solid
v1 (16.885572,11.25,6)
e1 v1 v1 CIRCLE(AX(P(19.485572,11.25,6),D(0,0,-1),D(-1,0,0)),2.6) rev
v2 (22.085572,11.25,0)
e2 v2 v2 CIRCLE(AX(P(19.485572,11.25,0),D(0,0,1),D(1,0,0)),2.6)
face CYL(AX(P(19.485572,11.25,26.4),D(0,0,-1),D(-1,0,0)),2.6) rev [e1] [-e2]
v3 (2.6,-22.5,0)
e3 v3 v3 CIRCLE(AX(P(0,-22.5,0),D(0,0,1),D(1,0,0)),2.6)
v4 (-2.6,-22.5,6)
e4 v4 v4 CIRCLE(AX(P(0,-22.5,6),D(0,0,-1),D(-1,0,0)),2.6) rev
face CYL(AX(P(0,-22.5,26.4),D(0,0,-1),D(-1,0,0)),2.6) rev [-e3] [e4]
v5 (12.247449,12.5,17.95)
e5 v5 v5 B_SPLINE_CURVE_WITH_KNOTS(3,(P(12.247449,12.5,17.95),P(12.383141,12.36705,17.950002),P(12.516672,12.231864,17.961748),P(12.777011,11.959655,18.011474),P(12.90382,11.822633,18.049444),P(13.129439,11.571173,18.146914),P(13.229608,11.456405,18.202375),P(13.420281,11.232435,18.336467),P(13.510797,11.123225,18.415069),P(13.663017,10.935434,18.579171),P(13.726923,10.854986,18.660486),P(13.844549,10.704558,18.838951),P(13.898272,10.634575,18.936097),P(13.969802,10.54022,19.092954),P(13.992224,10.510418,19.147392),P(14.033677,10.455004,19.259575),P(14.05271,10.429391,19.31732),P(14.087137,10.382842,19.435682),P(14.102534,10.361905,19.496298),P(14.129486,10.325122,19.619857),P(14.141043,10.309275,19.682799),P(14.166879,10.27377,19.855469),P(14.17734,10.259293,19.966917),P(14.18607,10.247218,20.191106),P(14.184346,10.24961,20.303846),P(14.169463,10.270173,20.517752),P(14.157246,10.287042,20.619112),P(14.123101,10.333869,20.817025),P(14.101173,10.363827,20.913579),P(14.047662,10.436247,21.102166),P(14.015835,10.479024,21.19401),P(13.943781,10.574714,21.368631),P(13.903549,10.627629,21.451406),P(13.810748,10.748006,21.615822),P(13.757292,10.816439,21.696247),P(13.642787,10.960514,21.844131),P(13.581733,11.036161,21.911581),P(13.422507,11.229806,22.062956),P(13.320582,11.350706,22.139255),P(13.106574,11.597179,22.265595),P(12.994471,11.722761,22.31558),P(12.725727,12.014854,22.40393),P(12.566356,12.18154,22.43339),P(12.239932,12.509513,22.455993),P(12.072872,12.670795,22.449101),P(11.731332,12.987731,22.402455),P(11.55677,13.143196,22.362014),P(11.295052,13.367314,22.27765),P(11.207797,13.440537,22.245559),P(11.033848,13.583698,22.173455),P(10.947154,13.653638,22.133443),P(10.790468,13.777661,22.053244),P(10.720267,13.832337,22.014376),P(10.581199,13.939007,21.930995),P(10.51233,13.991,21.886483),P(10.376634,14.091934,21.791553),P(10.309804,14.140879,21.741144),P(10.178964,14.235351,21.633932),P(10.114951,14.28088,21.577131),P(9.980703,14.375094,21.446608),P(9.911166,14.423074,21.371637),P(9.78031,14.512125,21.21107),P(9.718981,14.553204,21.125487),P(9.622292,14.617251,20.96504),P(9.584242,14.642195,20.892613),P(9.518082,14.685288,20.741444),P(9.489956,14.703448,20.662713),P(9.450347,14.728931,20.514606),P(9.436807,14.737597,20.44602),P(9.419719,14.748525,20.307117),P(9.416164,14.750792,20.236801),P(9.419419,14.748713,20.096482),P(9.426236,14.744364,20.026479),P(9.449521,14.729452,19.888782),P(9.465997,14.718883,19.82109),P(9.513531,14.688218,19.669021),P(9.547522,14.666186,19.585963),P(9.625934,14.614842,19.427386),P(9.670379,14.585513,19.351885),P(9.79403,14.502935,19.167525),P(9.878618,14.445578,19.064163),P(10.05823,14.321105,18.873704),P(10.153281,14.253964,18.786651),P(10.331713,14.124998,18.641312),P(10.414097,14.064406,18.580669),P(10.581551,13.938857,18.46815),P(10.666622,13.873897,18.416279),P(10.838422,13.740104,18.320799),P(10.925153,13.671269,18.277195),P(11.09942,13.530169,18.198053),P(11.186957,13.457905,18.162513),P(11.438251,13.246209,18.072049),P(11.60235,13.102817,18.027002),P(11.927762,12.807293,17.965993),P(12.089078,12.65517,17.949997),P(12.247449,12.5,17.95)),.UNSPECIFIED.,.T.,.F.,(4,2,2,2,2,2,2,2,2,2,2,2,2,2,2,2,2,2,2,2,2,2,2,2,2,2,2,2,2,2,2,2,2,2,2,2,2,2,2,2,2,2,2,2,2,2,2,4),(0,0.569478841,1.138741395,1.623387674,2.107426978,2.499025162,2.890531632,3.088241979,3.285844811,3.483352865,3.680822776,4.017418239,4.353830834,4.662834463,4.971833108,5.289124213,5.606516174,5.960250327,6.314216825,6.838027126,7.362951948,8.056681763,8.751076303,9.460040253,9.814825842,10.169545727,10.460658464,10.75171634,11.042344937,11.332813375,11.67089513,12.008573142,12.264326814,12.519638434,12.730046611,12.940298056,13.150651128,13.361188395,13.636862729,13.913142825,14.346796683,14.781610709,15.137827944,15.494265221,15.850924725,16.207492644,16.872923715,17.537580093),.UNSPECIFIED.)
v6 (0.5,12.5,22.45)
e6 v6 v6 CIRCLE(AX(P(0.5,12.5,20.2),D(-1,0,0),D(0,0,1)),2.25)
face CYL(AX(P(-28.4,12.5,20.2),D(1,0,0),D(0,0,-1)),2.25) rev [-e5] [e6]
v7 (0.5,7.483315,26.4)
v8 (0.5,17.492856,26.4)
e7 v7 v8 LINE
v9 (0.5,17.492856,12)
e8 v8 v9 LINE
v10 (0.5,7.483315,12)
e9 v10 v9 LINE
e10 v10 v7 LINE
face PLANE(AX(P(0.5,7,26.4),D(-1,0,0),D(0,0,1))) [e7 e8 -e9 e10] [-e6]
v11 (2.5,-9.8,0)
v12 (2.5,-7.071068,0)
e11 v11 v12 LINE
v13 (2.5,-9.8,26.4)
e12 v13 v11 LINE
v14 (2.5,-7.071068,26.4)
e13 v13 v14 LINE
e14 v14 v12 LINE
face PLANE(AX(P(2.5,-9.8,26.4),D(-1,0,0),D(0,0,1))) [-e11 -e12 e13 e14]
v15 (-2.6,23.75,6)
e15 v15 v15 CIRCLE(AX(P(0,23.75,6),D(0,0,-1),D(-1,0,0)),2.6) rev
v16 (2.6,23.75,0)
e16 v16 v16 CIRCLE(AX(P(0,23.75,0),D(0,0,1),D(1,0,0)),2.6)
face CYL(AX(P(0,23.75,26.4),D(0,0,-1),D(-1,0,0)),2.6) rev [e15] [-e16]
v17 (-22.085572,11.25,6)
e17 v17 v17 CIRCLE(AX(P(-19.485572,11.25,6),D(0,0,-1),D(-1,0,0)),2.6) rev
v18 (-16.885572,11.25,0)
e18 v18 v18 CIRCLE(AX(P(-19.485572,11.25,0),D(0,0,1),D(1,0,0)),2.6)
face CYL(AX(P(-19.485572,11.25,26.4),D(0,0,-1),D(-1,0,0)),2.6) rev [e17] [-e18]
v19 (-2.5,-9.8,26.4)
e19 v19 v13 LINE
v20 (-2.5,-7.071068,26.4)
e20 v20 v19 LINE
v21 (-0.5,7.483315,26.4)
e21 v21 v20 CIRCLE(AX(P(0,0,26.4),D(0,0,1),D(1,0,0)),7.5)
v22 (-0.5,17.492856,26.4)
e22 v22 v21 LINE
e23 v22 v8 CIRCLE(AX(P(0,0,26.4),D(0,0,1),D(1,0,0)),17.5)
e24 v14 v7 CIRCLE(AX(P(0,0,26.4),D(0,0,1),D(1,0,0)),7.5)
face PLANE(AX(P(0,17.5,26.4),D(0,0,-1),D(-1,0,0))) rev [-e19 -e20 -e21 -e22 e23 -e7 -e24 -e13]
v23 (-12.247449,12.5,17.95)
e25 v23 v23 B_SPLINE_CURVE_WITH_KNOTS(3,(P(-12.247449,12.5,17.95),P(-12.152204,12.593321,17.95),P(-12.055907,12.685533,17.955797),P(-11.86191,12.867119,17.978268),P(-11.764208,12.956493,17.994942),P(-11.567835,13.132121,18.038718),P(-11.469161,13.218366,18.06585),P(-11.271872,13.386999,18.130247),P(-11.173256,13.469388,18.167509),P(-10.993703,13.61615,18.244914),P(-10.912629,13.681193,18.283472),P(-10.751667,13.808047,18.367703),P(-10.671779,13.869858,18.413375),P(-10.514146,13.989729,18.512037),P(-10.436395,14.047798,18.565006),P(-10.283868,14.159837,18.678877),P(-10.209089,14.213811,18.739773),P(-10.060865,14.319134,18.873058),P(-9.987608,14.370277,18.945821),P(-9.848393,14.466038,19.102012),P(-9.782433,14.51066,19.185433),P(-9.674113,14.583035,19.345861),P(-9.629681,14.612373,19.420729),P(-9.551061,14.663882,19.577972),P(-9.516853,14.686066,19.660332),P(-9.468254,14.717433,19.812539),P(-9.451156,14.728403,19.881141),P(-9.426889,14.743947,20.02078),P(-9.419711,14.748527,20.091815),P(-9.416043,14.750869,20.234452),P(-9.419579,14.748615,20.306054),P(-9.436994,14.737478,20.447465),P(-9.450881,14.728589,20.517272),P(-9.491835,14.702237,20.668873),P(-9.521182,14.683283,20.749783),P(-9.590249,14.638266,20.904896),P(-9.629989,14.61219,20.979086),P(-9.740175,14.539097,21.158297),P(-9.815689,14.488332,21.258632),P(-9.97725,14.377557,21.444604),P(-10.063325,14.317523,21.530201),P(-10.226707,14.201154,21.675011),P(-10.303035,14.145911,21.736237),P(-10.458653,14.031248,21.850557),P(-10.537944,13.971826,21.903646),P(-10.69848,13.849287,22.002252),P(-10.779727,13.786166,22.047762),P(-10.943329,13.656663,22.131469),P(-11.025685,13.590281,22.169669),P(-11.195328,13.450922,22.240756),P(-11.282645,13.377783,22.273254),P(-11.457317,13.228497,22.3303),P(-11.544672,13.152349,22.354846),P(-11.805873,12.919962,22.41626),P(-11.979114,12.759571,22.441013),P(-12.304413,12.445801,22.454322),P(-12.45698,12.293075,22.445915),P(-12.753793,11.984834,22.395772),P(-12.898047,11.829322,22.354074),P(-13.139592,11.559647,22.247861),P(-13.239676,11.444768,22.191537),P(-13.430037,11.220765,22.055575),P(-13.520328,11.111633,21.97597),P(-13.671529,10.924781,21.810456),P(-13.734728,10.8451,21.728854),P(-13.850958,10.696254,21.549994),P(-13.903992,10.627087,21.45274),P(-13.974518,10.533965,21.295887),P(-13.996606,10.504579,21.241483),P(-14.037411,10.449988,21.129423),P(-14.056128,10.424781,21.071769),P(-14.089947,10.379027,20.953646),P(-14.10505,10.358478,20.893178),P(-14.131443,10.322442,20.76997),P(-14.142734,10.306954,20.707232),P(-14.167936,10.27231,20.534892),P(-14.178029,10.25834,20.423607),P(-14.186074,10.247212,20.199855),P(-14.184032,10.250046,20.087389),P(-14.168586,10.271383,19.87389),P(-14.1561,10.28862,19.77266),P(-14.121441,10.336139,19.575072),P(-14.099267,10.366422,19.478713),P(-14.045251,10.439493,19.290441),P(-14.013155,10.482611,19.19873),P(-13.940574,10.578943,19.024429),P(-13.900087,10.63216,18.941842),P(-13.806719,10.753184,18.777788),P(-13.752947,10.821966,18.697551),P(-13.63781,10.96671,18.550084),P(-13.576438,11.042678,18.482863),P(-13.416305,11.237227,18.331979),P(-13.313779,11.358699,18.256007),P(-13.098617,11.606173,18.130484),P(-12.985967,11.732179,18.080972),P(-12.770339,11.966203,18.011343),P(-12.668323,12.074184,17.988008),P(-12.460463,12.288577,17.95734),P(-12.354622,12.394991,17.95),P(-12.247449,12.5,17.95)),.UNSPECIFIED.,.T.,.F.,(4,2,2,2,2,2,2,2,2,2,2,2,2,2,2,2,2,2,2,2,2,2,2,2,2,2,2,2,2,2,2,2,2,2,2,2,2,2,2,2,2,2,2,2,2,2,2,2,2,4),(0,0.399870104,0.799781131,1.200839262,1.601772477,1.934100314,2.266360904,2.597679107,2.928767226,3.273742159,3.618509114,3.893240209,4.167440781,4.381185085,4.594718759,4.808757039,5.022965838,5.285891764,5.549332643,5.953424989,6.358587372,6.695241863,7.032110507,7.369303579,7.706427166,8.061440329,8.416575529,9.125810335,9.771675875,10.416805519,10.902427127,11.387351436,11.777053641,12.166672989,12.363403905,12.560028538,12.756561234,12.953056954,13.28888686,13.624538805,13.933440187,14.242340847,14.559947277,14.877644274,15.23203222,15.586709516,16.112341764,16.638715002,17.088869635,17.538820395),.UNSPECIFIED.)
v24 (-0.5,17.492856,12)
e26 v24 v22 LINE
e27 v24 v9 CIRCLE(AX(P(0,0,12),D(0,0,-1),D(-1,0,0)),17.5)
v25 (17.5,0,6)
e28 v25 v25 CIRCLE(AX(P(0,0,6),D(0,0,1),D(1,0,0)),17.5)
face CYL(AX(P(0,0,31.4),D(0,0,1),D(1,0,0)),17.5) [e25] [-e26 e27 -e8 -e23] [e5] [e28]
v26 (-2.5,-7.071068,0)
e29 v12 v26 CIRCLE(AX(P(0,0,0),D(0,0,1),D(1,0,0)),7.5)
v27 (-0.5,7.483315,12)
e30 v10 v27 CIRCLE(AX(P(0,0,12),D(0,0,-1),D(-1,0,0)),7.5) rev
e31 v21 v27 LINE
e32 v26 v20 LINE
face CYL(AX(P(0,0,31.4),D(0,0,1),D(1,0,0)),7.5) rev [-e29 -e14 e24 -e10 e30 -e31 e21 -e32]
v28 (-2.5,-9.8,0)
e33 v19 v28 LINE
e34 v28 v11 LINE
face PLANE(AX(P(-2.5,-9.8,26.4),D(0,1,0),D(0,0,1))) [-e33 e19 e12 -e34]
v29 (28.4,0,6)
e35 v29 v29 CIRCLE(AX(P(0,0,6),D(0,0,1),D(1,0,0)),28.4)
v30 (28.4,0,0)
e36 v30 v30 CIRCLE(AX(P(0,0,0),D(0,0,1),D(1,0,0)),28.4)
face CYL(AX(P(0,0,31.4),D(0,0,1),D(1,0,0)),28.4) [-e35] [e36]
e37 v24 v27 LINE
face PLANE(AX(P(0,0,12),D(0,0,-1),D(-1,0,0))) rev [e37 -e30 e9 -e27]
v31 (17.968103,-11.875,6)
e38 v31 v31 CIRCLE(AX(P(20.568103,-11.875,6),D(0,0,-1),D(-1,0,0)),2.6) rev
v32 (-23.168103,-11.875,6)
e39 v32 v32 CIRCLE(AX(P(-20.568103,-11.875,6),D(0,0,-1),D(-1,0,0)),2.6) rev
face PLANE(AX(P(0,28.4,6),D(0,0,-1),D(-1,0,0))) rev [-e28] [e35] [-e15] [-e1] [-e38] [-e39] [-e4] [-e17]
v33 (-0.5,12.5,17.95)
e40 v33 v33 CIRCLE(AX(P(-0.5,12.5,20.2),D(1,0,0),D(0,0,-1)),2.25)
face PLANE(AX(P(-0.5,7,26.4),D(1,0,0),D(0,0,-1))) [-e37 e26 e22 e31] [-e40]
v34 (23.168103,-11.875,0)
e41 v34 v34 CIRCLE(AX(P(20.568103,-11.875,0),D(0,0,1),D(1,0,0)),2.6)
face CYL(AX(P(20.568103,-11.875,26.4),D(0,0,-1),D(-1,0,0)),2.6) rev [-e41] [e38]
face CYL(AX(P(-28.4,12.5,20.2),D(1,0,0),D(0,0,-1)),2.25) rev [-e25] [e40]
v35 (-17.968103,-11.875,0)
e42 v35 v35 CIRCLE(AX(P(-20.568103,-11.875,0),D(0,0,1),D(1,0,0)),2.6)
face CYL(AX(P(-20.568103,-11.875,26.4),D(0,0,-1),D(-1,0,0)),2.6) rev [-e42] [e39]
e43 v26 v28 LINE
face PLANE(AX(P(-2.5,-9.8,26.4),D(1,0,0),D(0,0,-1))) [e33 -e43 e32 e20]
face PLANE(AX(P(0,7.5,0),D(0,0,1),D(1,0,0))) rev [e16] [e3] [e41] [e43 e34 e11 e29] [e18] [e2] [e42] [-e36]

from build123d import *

# Parameters (mm, degrees)
SKETCH_2_R               = 2.6
CUT_EXTRUDE_1_DEPTH      = 49.063291606
SKETCH_3_W               = 5
SKETCH_3_H               = 3.3
CUT_EXTRUDE_2_DEPTH      = 49.063291606
CUT_EXTRUDE_START        = 12
SKETCH_4_W               = 1
SKETCH_4_H               = 11
CUT_EXTRUDE_3_DEPTH      = 14.4
CUT_EXTRUDE_4_DEPTH      = 49.063291606
CUT_EXTRUDE_4_DEPTH_BACK = 49.063291606
SKETCH_5_R               = 2.25


with BuildPart() as part:
    # 草图1 → 旋转1 (revolve)
    with BuildSketch(Plane(origin=(0, 0, 0), x_dir=(0, 0, -1), z_dir=(1, 0, 0)), mode=Mode.PRIVATE) as revolve_1_sk:
        Polygon((0, 7.5), (0, 28.4), (-6, 28.4), (-6, 17.5), (-26.4, 17.5), (-26.4, 7.5), align=None)
    revolve(revolve_1_sk.sketch.rotate(Axis((0, 0, 31.4), (0, 0, -1)), 90), axis=Axis((0, 0, 31.4), (0, 0, -1)))

    # 草图2 → 切除-拉伸1 (cut, through all)
    with BuildSketch(Plane.XY):
        with Locations(Location((0, 23.75, 0), (0, 0, 180))):
            Circle(SKETCH_2_R)
        with Locations(Location((-20.56810334, -11.875, 0), (0, 0, 180))):
            Circle(SKETCH_2_R)
        with Locations(Location((20.56810334, -11.875, 0), (0, 0, 180))):
            Circle(SKETCH_2_R)
        with Locations(Location((19.485571585, 11.25, 0), (0, 0, 180))):
            Circle(SKETCH_2_R)
        with Locations(Location((-19.485571585, 11.25, 0), (0, 0, 180))):
            Circle(SKETCH_2_R)
        with Locations(Location((0, -22.5, 0), (0, 0, 180))):
            Circle(SKETCH_2_R)
    extrude(amount=CUT_EXTRUDE_1_DEPTH, mode=Mode.SUBTRACT)

    # 草图3 → 切除-拉伸2 (cut, through all)
    with BuildSketch(Plane.XY):
        with Locations((0, -8.15)):
            Rectangle(SKETCH_3_W, SKETCH_3_H)
    extrude(amount=CUT_EXTRUDE_2_DEPTH, mode=Mode.SUBTRACT)

    # 草图4 → 切除-拉伸3 (cut)
    with BuildSketch(Plane.XY.offset(CUT_EXTRUDE_START)):
        with Locations((0, 12.5)):
            Rectangle(SKETCH_4_W, SKETCH_4_H)
    extrude(amount=CUT_EXTRUDE_3_DEPTH, mode=Mode.SUBTRACT)

    # 草图5 → 切除-拉伸4 (cut, two sides: drawn at the far end of the back side and taken through both)
    with BuildSketch(Plane(origin=(0, 0, 0), x_dir=(0, 0, -1), z_dir=(1, 0, 0)).offset(-CUT_EXTRUDE_4_DEPTH_BACK)):
        with Locations((-20.2, 12.5)):
            Circle(SKETCH_5_R)
    extrude(amount=CUT_EXTRUDE_4_DEPTH + CUT_EXTRUDE_4_DEPTH_BACK, mode=Mode.SUBTRACT)


solid = part.part
